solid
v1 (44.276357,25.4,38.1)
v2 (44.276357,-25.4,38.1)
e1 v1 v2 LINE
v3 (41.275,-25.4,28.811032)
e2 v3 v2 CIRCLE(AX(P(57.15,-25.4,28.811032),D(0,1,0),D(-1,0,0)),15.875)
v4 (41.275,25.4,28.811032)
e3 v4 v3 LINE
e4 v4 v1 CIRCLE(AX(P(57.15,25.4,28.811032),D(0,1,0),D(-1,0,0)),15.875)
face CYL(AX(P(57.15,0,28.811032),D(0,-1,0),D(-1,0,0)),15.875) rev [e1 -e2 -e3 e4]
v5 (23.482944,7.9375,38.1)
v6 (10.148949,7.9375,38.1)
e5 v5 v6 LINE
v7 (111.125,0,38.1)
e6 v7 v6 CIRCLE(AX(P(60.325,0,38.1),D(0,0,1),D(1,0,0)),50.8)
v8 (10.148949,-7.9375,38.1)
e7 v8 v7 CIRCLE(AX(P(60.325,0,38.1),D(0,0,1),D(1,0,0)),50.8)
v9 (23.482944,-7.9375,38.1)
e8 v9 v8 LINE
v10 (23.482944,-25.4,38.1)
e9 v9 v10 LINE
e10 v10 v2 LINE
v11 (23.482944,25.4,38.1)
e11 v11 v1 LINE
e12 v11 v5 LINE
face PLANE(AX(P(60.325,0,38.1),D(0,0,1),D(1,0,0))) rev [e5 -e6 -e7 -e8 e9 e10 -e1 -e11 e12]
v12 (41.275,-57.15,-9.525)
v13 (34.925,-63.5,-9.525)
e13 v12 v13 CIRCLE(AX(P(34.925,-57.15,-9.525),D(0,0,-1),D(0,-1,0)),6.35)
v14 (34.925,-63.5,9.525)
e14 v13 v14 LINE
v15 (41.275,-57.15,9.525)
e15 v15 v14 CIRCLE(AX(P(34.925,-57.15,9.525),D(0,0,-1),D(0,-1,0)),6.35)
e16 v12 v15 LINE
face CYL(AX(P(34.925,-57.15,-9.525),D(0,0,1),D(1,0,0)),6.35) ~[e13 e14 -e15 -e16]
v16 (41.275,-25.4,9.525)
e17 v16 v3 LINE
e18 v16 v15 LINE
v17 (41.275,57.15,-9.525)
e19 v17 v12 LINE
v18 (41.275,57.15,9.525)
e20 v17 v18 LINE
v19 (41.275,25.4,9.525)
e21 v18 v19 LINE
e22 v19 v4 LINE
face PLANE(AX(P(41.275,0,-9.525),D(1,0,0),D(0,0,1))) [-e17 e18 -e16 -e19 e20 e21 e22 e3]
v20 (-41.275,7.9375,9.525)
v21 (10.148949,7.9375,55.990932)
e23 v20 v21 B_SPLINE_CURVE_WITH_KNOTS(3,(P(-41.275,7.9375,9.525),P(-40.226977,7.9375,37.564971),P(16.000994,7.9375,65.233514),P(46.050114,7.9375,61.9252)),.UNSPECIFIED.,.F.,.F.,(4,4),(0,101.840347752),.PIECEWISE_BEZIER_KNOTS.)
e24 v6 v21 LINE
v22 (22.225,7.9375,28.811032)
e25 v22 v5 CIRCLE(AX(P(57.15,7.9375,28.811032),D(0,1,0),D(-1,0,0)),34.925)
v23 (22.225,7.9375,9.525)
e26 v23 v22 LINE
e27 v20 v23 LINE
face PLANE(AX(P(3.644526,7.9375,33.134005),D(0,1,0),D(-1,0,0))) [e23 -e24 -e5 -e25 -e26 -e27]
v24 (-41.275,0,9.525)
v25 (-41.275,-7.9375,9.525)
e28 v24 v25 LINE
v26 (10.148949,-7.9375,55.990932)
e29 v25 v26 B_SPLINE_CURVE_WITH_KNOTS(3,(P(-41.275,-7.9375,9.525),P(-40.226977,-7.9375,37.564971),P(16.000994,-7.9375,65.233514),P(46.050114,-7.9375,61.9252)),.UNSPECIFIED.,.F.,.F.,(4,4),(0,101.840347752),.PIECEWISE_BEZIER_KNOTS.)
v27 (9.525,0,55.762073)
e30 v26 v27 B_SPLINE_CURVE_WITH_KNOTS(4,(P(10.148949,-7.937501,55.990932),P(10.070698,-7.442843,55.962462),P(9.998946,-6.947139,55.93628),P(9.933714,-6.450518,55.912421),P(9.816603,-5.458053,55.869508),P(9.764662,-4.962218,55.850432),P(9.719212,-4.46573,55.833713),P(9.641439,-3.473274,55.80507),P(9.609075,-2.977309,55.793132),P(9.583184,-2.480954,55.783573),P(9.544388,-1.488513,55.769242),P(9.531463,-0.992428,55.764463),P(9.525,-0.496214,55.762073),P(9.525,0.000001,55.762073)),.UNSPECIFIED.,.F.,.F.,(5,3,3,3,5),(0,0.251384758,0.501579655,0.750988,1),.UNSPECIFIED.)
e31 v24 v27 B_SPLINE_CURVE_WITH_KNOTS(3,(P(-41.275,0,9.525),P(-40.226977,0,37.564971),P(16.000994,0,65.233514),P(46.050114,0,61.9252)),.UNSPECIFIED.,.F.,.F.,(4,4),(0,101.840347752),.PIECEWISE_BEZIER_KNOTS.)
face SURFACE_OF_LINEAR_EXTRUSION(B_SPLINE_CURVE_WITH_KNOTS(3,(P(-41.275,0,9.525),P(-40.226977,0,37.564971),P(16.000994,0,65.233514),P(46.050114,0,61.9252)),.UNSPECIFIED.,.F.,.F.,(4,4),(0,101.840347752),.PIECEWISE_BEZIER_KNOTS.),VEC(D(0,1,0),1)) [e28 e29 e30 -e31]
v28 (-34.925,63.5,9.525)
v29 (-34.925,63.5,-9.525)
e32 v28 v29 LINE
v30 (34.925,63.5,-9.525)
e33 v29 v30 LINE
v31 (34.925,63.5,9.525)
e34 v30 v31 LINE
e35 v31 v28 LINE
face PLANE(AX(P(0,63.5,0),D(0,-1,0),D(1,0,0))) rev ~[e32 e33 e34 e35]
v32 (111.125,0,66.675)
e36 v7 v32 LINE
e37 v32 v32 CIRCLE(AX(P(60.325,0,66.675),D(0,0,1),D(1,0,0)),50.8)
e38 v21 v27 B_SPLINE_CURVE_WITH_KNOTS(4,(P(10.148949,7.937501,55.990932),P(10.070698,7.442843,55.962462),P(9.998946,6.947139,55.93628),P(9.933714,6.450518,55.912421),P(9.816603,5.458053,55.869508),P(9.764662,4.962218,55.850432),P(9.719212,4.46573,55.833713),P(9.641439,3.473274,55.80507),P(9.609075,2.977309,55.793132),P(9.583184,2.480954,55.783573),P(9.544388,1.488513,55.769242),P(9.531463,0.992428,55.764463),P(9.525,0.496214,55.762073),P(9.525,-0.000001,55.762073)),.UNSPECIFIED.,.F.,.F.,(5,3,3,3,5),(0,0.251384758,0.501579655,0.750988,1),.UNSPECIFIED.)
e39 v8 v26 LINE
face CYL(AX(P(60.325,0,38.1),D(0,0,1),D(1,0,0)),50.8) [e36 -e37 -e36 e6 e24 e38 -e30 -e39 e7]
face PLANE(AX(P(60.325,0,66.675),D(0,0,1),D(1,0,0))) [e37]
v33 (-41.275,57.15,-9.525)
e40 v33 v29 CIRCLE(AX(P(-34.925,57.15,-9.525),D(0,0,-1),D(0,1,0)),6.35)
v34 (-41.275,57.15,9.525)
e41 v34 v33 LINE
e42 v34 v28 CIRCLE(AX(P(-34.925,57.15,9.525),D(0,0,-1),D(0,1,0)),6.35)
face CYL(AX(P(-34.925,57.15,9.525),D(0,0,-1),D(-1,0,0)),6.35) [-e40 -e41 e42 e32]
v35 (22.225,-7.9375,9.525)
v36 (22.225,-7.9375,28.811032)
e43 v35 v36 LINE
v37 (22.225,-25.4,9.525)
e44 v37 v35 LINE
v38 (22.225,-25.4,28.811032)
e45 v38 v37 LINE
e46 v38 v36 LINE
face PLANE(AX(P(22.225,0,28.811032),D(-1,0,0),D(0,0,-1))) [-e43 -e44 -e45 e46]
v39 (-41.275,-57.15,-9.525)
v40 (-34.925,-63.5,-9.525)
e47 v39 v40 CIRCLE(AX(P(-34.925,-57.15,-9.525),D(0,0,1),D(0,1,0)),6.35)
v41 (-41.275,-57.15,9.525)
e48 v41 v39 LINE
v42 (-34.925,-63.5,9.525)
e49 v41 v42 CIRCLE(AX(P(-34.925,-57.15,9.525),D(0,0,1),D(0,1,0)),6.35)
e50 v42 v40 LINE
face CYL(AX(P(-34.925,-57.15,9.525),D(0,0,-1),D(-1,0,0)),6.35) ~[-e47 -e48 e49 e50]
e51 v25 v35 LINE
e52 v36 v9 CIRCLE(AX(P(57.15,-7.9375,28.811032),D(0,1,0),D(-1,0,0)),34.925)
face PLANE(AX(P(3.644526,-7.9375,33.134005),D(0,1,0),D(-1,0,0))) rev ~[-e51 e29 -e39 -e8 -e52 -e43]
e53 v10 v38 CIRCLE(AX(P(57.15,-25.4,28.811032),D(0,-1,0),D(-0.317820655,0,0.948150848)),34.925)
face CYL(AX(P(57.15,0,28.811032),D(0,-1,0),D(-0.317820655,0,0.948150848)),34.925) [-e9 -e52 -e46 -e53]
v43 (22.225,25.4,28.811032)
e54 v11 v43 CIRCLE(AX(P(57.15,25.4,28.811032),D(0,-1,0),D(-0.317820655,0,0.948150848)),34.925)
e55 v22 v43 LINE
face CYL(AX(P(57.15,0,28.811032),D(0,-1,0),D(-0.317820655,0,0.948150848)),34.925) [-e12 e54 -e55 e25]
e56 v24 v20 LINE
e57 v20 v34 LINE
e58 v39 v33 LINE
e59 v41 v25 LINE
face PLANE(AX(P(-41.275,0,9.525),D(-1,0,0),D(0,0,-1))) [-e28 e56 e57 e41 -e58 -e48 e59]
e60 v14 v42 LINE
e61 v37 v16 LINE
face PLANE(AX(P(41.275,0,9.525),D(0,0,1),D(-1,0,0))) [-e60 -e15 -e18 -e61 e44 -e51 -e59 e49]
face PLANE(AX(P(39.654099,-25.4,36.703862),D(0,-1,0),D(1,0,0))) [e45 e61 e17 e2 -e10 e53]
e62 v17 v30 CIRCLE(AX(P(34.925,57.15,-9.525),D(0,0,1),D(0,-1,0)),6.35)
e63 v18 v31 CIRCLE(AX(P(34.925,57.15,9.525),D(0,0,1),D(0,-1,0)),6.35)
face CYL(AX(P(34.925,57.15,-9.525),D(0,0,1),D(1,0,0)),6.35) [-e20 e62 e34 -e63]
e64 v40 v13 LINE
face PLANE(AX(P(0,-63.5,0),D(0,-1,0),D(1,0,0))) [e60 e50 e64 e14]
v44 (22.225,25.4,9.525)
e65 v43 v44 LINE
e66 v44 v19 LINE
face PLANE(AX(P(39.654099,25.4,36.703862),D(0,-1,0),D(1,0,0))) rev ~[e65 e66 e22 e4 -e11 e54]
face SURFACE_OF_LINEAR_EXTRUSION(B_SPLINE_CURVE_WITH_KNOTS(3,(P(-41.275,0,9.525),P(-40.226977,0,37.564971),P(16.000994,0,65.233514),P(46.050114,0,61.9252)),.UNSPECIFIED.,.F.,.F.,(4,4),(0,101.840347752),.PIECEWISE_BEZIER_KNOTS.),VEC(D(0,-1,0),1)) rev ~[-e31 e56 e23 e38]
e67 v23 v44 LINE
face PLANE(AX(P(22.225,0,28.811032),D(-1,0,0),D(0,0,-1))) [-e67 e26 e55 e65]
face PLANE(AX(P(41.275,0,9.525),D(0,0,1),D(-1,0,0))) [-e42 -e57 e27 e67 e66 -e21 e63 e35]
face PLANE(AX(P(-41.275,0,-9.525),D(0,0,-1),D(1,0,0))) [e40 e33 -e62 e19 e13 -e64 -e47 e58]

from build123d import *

# Parameters (mm, degrees)
F1_DEPTH = 63.5
F0_W     = 10.8645128564
F0_H     = 19.05
F2_DEPTH = 25.4
F3_DEPTH = 7.9375
F5_R     = 6.35


with BuildPart() as f1:
    # F0 (on Front) → F1 (new body, symmetric)
    with BuildSketch(Plane.XZ):
        Polygon((-41.275, -9.525), (41.275, -9.525), (41.275, 9.525), (22.225, 9.525), (-41.275, 9.525), align=None)
    extrude(amount=F1_DEPTH, both=True)

    # F0 (on Front) → F2 (join, symmetric)
    with BuildSketch(Plane.XZ):
        with BuildLine():
            Line((22.225, 9.525), (41.275, 9.525))
            Line((41.275, 9.525), (41.275, 28.8110316193))
            ThreePointArc((41.275, 28.8110316193), (43.5686828026, 37.0307304084), (49.7869304797, 42.8752))
            Line((49.7869304797, 42.8752), (60.325, 42.8752))
            Line((60.325, 42.8752), (60.325, 61.9252))
            Line((60.325, 61.9252), (46.0501136286, 61.9252))
            ThreePointArc((46.0501136286, 61.9252), (28.8002278976, 49.2082384561), (22.225, 28.8110316193))
            Line((22.225, 28.8110316193), (22.225, 9.525))
        make_face()
        with Locations((65.7572564282, 52.4002)):
            Rectangle(F0_W, F0_H)
    extrude(amount=F2_DEPTH, both=True)

    # F0 (on Front) → F3 (join, symmetric)
    with BuildSketch(Plane.XZ):
        with BuildLine():
            add(Edge.make_bspline(
                [(-41.275, 9.525), (-40.2269773185, 37.5649705529), (16.0009935498, 65.2335137129), (46.0501136286, 61.9252)],
                knots=[0, 0, 0, 0, 101.8403477522, 101.8403477522, 101.8403477522, 101.8403477522], degree=3))
            Line((-41.275, 9.525), (22.225, 9.525))
            Line((22.225, 9.525), (22.225, 28.8110316193))
            ThreePointArc((22.225, 28.8110316193), (28.8002278976, 49.2082384561), (46.0501136286, 61.9252))
        make_face()
    extrude(amount=F3_DEPTH, both=True)

    # F0 (on Front) → F4 (revolve)
    with BuildSketch(Plane.XZ):
        Polygon((60.325, 66.675), (60.325, 61.9252), (71.1895128564, 61.9252), (71.1895128564, 42.8752), (60.325, 42.8752), (60.325, 38.1), (111.125, 38.1), (111.125, 66.675), align=None)
    revolve(axis=Axis((60.325, 0, 52.3875), (0, 0, 1)))

    # F5
    f5_edges = [f1.edges().sort_by_distance(p)[0] for p in [
        (-41.275, -63.5, 0),
        (41.275, -63.5, 0),
        (41.275, 63.5, 0),
        (-41.275, 63.5, 0),
    ]]
    fillet(f5_edges, radius=F5_R)


solid = f1.part
